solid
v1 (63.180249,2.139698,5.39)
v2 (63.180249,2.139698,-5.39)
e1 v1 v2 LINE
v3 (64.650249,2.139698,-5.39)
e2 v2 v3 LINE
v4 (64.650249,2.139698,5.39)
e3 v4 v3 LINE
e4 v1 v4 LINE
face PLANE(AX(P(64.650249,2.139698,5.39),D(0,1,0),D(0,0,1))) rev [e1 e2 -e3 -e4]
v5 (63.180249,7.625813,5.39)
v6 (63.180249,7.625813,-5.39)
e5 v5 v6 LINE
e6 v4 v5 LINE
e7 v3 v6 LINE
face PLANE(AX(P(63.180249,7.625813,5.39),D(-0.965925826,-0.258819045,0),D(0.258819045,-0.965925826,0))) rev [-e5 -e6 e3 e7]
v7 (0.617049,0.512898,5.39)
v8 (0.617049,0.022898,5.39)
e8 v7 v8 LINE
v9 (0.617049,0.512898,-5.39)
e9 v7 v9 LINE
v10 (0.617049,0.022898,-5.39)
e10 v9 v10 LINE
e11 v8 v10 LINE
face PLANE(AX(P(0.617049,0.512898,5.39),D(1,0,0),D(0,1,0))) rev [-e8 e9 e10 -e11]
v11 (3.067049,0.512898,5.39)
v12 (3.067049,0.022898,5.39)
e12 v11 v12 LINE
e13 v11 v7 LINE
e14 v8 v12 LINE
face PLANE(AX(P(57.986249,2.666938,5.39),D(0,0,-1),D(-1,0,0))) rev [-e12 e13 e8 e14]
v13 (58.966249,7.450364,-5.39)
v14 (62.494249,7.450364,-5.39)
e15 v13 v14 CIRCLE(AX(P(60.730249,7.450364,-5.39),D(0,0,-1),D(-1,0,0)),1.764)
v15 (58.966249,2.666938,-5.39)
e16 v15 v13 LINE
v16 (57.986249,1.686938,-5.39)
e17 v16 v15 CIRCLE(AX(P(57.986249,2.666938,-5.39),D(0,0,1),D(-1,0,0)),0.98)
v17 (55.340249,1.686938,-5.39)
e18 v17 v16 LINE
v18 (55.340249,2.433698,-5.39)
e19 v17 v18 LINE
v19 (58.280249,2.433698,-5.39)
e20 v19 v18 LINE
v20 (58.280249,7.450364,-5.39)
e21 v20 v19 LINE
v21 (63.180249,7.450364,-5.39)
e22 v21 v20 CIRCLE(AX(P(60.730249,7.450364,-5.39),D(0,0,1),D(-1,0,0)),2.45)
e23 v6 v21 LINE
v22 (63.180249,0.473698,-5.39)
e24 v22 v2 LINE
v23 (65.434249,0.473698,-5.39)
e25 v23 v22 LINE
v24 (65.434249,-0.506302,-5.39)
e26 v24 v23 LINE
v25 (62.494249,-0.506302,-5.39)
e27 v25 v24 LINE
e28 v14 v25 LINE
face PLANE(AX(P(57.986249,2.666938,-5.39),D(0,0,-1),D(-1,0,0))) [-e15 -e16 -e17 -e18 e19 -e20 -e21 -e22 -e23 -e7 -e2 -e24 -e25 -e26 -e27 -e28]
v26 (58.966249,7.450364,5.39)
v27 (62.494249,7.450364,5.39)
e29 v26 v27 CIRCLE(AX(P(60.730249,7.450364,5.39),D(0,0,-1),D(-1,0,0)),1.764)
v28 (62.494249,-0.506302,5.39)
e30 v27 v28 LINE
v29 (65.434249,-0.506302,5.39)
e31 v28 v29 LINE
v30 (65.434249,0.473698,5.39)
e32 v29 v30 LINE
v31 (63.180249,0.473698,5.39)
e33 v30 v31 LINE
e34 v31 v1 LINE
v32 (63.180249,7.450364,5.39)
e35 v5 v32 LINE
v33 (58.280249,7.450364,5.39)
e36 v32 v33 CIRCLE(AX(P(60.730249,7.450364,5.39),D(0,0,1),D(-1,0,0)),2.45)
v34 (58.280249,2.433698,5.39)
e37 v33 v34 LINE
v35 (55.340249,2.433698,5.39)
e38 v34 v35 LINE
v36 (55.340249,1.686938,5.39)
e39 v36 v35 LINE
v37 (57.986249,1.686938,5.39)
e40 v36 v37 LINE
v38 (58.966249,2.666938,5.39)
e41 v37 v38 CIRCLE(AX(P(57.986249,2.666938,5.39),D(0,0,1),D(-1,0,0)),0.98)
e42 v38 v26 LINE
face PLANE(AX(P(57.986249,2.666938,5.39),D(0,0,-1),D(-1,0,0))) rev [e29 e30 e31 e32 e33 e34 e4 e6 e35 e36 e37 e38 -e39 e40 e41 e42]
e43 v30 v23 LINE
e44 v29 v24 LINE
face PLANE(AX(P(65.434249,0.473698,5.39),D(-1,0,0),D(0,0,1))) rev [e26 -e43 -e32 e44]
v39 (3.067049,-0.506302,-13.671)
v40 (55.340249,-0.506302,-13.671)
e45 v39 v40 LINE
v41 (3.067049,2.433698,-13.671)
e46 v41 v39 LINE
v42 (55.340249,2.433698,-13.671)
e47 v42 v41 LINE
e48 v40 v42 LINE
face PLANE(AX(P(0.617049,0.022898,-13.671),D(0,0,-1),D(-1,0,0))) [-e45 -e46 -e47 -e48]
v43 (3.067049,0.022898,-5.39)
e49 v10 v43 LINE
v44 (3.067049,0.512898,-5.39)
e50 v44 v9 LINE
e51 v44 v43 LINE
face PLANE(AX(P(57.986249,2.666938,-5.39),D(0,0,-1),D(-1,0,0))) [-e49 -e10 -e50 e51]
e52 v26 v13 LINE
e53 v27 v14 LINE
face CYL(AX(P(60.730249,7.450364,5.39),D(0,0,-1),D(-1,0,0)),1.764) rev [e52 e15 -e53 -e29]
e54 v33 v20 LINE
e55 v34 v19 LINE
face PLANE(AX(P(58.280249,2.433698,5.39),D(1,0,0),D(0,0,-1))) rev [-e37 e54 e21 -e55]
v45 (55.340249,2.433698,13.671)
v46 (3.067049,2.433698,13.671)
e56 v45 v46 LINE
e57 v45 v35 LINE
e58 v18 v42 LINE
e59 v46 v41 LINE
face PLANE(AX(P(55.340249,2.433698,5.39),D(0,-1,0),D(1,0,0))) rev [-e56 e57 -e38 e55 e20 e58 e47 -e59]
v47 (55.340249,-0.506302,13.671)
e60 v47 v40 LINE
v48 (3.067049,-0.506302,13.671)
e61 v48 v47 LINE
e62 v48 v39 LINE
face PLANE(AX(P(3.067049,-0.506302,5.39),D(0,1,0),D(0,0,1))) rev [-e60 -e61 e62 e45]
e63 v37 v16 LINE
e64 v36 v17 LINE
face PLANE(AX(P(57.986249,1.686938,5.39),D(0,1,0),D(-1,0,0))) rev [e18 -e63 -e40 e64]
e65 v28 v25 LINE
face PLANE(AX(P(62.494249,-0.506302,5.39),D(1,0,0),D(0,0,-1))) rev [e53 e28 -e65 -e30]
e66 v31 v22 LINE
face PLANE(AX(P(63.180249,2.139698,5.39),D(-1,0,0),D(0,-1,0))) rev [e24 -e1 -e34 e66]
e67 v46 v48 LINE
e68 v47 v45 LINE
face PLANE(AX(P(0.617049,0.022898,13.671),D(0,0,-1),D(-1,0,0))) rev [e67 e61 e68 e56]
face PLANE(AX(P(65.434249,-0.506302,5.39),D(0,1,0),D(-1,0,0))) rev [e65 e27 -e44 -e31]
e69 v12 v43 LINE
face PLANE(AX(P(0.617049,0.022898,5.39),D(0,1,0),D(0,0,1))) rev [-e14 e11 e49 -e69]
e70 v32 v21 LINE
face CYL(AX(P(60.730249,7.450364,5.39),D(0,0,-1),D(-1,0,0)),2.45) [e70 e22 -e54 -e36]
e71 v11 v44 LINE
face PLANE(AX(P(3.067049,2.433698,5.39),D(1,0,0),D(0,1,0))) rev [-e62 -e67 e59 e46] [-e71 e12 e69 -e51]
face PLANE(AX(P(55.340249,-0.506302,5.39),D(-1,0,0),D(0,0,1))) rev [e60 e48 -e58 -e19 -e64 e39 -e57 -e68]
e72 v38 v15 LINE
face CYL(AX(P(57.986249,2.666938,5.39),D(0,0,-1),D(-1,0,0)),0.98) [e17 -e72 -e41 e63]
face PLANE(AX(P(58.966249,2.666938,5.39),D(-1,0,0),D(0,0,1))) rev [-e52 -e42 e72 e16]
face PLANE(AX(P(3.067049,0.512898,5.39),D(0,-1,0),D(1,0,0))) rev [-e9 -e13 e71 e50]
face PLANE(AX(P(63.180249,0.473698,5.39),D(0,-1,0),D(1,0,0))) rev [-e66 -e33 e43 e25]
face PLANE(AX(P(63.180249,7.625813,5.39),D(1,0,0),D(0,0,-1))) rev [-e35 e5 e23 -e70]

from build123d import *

# Parameters (mm, degrees)
BOSS_EXTRUDE1_DEPTH = 5.5
SKETCH2_W           = 53.34
SKETCH2_H           = 3
BOSS_EXTRUDE2_DEPTH = 13.95
SCALE1_SCALE        = 0.98


with BuildPart() as part:
    # Sketch1 → Boss-Extrude1 (new, symmetric)
    with BuildSketch(Plane.XY):
        with BuildLine():
            Line((0, 0), (2.5, 0))
            Line((2.5, 0), (2.5, -0.54))
            Line((2.5, -0.54), (55.84, -0.54))
            Line((55.84, -0.54), (55.84, 1.698))
            Line((55.84, 1.698), (57.84, 1.698))
            Line((57.84, 1.698), (58.54, 1.698))
            ThreePointArc((58.54, 1.698), (59.247106781, 1.990893219), (59.54, 2.698))
            Line((59.54, 2.698), (59.54, 7.579046555))
            ThreePointArc((59.54, 7.579046555), (61.34, 9.379046555), (63.14, 7.579046555))
            Line((63.14, 7.579046555), (63.14, -0.54))
            Line((63.14, -0.54), (66.14, -0.54))
            Line((66.14, -0.54), (66.14, 0.46))
            Line((66.14, 0.46), (63.84, 0.46))
            Line((63.84, 0.46), (63.84, 2.16))
            Line((63.84, 2.16), (65.34, 2.16))
            Line((65.34, 2.16), (63.84, 7.758076211))
            Line((63.84, 7.758076211), (63.84, 7.579046555))
            ThreePointArc((63.84, 7.579046555), (61.34, 10.079046555), (58.84, 7.579046555))
            Line((58.84, 7.579046555), (58.84, 2.46))
            Line((58.84, 2.46), (55.84, 2.46))
            Line((55.84, 2.46), (2.5, 2.46))
            Line((2.5, 2.46), (2.5, 0.5))
            Line((2.5, 0.5), (0, 0.5))
            Line((0, 0.5), (0, 0))
        make_face()
    extrude(amount=BOSS_EXTRUDE1_DEPTH, both=True)

    # Sketch2 → Boss-Extrude2 (add, symmetric)
    with BuildSketch(Plane.XY):
        with Locations((29.17, 0.96)):
            Rectangle(SKETCH2_W, SKETCH2_H)
    extrude(amount=BOSS_EXTRUDE2_DEPTH, both=True)


with BuildPart() as part_1:
    # Scale1: scaled about (30.852442752, 1.144909894, 0)
    add(part.part.scale(SCALE1_SCALE).moved(Location((0.617048855, 0.022898198, 0))))


solid = part_1.part
